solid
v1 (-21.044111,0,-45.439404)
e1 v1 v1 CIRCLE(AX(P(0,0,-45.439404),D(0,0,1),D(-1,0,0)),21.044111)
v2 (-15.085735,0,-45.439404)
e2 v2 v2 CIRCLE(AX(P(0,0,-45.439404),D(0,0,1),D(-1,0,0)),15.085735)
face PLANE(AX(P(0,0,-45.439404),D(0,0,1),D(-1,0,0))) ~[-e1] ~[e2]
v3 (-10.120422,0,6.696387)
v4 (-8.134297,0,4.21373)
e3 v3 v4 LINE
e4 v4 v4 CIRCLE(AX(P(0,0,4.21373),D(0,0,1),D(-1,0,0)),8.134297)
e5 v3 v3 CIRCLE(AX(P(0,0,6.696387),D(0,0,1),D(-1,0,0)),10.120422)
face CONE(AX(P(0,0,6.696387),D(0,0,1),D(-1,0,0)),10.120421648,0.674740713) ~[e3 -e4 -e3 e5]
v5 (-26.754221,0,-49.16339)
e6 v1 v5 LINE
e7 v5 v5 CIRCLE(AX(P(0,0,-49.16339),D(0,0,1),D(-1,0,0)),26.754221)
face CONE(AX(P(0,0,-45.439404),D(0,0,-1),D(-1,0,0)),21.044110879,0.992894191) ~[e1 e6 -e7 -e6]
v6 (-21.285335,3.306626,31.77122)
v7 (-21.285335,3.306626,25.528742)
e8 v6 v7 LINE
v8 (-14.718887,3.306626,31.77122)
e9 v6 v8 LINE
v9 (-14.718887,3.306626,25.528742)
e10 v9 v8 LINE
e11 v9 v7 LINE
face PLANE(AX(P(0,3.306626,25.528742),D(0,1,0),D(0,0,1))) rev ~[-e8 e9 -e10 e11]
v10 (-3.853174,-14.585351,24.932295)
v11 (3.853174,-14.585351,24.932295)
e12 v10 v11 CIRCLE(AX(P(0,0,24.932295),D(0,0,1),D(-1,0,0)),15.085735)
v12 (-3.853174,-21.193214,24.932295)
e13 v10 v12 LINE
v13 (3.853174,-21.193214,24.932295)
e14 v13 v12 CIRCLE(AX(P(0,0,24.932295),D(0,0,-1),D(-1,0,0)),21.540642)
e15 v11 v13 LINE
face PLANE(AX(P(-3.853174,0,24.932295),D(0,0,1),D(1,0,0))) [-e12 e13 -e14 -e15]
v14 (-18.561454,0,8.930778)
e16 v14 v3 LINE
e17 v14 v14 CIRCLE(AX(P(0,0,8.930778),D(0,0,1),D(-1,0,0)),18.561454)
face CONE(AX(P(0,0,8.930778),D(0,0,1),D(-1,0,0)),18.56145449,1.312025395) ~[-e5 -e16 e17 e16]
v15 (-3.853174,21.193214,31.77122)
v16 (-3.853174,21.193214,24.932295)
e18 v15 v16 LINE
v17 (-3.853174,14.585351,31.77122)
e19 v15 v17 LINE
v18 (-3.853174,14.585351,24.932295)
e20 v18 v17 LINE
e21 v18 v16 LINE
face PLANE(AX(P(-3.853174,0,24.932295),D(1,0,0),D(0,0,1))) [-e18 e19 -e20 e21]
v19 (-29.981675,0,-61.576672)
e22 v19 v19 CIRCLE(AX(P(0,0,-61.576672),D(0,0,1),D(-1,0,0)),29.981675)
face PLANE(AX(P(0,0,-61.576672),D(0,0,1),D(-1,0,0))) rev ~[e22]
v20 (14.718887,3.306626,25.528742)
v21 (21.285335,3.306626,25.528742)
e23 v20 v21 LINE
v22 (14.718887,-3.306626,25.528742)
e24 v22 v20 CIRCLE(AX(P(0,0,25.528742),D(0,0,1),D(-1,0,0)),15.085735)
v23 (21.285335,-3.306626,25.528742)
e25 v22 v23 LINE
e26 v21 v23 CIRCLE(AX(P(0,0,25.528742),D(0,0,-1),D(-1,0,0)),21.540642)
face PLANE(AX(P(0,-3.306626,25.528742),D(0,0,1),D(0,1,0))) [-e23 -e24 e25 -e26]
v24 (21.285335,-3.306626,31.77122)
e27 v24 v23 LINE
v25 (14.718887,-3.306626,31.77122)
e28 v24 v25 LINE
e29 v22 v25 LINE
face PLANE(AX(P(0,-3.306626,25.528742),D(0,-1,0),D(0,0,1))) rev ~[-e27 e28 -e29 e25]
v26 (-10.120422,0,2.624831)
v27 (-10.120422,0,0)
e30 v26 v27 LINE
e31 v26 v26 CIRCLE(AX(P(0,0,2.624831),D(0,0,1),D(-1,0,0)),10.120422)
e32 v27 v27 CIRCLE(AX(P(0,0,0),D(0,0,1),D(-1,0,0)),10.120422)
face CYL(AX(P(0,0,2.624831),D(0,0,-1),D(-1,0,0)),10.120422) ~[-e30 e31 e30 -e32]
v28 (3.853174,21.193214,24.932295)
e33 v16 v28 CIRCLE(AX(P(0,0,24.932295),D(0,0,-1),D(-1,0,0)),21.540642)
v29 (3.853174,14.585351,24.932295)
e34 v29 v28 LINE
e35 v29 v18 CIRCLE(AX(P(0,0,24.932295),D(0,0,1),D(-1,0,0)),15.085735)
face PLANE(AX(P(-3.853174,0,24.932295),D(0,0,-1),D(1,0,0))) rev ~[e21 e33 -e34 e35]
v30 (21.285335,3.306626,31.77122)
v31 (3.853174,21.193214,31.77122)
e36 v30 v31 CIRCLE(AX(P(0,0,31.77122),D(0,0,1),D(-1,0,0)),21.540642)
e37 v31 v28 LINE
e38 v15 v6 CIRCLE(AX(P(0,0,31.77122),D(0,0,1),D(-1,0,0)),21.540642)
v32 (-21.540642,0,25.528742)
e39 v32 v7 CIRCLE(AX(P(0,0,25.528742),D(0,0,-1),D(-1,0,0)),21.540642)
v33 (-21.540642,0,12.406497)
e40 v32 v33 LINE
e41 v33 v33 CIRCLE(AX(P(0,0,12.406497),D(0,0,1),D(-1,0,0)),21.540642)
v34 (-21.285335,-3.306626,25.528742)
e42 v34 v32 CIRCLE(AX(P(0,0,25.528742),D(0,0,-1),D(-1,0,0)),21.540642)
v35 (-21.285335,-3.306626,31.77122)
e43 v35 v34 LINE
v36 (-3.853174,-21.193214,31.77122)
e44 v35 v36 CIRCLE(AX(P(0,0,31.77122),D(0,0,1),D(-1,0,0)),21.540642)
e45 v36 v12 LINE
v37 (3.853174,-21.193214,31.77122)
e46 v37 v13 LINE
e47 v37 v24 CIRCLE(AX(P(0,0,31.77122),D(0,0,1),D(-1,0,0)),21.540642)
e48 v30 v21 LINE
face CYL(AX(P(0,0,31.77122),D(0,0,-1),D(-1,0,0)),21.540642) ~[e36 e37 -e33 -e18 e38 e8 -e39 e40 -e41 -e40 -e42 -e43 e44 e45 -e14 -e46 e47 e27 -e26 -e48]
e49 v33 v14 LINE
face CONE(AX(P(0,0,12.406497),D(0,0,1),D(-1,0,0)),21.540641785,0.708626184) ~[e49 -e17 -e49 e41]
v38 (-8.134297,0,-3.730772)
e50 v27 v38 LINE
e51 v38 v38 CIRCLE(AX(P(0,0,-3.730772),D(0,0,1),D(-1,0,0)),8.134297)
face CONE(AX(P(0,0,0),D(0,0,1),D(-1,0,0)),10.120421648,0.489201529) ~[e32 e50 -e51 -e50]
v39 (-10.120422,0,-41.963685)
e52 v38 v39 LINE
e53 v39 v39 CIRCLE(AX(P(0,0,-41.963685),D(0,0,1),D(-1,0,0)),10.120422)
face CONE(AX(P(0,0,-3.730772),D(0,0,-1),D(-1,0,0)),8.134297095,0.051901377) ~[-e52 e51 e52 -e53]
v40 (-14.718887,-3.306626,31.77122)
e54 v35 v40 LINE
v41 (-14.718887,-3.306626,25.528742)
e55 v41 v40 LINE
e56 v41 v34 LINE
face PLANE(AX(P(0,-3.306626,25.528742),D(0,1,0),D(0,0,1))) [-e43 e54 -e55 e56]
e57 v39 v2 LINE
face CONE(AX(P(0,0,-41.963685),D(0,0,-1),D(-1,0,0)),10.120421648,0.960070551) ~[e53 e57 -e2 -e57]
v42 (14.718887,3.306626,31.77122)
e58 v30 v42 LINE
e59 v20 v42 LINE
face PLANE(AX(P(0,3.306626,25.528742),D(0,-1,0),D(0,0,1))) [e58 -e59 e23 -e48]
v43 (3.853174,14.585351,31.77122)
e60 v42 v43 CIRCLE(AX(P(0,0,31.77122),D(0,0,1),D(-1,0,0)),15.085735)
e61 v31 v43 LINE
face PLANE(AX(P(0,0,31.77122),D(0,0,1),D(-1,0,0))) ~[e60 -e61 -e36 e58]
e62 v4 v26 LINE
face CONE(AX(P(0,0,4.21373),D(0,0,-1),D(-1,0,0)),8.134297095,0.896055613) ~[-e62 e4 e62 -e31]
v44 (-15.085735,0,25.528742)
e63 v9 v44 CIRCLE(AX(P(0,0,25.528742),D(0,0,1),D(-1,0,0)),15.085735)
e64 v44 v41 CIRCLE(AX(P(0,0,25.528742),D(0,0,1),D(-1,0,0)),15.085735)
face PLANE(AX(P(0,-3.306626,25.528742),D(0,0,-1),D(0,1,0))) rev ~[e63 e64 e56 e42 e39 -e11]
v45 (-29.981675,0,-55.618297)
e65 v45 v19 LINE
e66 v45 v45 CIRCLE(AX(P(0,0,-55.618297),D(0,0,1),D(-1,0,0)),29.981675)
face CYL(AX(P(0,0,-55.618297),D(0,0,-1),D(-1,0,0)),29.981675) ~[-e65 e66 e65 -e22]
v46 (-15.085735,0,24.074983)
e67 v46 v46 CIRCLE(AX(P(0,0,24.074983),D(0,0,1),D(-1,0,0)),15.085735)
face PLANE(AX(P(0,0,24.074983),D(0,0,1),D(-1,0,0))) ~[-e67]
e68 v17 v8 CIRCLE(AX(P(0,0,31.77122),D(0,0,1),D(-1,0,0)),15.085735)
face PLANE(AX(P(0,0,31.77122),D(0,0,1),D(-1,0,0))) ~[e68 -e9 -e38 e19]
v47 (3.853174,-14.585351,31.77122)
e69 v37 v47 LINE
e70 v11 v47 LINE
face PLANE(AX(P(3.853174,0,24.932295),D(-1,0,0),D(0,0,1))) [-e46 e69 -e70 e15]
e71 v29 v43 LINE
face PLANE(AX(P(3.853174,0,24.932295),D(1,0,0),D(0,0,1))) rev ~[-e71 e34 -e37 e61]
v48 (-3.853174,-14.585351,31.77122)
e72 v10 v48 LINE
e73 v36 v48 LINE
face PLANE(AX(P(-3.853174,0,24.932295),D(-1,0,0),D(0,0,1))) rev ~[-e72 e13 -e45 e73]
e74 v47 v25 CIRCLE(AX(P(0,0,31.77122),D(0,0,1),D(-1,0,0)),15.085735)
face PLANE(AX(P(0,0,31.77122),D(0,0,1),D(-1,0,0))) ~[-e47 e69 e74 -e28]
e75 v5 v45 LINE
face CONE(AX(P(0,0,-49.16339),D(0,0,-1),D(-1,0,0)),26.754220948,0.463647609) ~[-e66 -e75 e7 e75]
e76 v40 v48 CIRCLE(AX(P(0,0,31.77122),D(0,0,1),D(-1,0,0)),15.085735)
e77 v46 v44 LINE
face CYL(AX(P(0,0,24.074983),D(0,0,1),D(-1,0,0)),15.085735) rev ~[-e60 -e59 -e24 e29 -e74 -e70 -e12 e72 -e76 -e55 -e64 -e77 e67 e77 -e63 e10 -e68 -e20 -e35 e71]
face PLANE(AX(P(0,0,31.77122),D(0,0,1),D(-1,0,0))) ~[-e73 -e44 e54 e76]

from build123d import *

# Parameters (mm, degrees)
F2_W          = 7.7063473873
F2_H          = 14.5060643554
F3_DEPTH      = 29.9826746265
F3_DEPTH_BACK = 25.4
F4_W          = 6.6132526845
F4_H          = 12.692797929
F5_DEPTH      = 29.9826746265
F5_DEPTH_BACK = 25.4


with BuildPart() as f1:
    # F0 (on Front) → F1 (revolve)
    with BuildSketch(Plane.XZ):
        Polygon((0, -61.5766718984), (0, 24.0749828517), (-15.0857353583, 24.0749828517), (-15.0857353583, 31.7712202668), (-21.5406417847, 31.7712202668), (-21.5406417847, 12.4064972624), (-18.5614544898, 8.9307781309), (-10.120421648, 6.6963867284), (-8.1342970952, 4.2137298733), (-10.120421648, 2.6248309761), (-10.120421648, 0), (-8.1342970952, -3.7307715975), (-10.120421648, -41.9636853039), (-15.0857353583, -45.4394035041), (-21.0441108793, -45.4394035041), (-26.7542209476, -49.163389951), (-29.9816746265, -55.6182973087), (-29.9816746265, -61.5766718984), align=None)
    revolve(axis=Axis((0, 0, -18.7508445233), (0, 0, 1)))

    # F2 (on Front) → F3 (cut, two sides)
    with BuildSketch(Plane.XZ) as f3_sk:
        with Locations((0, 32.1853272617)):
            Rectangle(F2_W, F2_H)
    extrude(amount=-F3_DEPTH, mode=Mode.SUBTRACT)
    extrude(f3_sk.sketch, amount=F3_DEPTH_BACK, mode=Mode.SUBTRACT)

    # F4 (on Right) → F5 (cut, two sides)
    with BuildSketch(Plane.YZ) as f5_sk:
        with Locations((0, 31.875140965)):
            Rectangle(F4_W, F4_H)
    extrude(amount=F5_DEPTH, mode=Mode.SUBTRACT)
    extrude(f5_sk.sketch, amount=-F5_DEPTH_BACK, mode=Mode.SUBTRACT)


solid = f1.part
